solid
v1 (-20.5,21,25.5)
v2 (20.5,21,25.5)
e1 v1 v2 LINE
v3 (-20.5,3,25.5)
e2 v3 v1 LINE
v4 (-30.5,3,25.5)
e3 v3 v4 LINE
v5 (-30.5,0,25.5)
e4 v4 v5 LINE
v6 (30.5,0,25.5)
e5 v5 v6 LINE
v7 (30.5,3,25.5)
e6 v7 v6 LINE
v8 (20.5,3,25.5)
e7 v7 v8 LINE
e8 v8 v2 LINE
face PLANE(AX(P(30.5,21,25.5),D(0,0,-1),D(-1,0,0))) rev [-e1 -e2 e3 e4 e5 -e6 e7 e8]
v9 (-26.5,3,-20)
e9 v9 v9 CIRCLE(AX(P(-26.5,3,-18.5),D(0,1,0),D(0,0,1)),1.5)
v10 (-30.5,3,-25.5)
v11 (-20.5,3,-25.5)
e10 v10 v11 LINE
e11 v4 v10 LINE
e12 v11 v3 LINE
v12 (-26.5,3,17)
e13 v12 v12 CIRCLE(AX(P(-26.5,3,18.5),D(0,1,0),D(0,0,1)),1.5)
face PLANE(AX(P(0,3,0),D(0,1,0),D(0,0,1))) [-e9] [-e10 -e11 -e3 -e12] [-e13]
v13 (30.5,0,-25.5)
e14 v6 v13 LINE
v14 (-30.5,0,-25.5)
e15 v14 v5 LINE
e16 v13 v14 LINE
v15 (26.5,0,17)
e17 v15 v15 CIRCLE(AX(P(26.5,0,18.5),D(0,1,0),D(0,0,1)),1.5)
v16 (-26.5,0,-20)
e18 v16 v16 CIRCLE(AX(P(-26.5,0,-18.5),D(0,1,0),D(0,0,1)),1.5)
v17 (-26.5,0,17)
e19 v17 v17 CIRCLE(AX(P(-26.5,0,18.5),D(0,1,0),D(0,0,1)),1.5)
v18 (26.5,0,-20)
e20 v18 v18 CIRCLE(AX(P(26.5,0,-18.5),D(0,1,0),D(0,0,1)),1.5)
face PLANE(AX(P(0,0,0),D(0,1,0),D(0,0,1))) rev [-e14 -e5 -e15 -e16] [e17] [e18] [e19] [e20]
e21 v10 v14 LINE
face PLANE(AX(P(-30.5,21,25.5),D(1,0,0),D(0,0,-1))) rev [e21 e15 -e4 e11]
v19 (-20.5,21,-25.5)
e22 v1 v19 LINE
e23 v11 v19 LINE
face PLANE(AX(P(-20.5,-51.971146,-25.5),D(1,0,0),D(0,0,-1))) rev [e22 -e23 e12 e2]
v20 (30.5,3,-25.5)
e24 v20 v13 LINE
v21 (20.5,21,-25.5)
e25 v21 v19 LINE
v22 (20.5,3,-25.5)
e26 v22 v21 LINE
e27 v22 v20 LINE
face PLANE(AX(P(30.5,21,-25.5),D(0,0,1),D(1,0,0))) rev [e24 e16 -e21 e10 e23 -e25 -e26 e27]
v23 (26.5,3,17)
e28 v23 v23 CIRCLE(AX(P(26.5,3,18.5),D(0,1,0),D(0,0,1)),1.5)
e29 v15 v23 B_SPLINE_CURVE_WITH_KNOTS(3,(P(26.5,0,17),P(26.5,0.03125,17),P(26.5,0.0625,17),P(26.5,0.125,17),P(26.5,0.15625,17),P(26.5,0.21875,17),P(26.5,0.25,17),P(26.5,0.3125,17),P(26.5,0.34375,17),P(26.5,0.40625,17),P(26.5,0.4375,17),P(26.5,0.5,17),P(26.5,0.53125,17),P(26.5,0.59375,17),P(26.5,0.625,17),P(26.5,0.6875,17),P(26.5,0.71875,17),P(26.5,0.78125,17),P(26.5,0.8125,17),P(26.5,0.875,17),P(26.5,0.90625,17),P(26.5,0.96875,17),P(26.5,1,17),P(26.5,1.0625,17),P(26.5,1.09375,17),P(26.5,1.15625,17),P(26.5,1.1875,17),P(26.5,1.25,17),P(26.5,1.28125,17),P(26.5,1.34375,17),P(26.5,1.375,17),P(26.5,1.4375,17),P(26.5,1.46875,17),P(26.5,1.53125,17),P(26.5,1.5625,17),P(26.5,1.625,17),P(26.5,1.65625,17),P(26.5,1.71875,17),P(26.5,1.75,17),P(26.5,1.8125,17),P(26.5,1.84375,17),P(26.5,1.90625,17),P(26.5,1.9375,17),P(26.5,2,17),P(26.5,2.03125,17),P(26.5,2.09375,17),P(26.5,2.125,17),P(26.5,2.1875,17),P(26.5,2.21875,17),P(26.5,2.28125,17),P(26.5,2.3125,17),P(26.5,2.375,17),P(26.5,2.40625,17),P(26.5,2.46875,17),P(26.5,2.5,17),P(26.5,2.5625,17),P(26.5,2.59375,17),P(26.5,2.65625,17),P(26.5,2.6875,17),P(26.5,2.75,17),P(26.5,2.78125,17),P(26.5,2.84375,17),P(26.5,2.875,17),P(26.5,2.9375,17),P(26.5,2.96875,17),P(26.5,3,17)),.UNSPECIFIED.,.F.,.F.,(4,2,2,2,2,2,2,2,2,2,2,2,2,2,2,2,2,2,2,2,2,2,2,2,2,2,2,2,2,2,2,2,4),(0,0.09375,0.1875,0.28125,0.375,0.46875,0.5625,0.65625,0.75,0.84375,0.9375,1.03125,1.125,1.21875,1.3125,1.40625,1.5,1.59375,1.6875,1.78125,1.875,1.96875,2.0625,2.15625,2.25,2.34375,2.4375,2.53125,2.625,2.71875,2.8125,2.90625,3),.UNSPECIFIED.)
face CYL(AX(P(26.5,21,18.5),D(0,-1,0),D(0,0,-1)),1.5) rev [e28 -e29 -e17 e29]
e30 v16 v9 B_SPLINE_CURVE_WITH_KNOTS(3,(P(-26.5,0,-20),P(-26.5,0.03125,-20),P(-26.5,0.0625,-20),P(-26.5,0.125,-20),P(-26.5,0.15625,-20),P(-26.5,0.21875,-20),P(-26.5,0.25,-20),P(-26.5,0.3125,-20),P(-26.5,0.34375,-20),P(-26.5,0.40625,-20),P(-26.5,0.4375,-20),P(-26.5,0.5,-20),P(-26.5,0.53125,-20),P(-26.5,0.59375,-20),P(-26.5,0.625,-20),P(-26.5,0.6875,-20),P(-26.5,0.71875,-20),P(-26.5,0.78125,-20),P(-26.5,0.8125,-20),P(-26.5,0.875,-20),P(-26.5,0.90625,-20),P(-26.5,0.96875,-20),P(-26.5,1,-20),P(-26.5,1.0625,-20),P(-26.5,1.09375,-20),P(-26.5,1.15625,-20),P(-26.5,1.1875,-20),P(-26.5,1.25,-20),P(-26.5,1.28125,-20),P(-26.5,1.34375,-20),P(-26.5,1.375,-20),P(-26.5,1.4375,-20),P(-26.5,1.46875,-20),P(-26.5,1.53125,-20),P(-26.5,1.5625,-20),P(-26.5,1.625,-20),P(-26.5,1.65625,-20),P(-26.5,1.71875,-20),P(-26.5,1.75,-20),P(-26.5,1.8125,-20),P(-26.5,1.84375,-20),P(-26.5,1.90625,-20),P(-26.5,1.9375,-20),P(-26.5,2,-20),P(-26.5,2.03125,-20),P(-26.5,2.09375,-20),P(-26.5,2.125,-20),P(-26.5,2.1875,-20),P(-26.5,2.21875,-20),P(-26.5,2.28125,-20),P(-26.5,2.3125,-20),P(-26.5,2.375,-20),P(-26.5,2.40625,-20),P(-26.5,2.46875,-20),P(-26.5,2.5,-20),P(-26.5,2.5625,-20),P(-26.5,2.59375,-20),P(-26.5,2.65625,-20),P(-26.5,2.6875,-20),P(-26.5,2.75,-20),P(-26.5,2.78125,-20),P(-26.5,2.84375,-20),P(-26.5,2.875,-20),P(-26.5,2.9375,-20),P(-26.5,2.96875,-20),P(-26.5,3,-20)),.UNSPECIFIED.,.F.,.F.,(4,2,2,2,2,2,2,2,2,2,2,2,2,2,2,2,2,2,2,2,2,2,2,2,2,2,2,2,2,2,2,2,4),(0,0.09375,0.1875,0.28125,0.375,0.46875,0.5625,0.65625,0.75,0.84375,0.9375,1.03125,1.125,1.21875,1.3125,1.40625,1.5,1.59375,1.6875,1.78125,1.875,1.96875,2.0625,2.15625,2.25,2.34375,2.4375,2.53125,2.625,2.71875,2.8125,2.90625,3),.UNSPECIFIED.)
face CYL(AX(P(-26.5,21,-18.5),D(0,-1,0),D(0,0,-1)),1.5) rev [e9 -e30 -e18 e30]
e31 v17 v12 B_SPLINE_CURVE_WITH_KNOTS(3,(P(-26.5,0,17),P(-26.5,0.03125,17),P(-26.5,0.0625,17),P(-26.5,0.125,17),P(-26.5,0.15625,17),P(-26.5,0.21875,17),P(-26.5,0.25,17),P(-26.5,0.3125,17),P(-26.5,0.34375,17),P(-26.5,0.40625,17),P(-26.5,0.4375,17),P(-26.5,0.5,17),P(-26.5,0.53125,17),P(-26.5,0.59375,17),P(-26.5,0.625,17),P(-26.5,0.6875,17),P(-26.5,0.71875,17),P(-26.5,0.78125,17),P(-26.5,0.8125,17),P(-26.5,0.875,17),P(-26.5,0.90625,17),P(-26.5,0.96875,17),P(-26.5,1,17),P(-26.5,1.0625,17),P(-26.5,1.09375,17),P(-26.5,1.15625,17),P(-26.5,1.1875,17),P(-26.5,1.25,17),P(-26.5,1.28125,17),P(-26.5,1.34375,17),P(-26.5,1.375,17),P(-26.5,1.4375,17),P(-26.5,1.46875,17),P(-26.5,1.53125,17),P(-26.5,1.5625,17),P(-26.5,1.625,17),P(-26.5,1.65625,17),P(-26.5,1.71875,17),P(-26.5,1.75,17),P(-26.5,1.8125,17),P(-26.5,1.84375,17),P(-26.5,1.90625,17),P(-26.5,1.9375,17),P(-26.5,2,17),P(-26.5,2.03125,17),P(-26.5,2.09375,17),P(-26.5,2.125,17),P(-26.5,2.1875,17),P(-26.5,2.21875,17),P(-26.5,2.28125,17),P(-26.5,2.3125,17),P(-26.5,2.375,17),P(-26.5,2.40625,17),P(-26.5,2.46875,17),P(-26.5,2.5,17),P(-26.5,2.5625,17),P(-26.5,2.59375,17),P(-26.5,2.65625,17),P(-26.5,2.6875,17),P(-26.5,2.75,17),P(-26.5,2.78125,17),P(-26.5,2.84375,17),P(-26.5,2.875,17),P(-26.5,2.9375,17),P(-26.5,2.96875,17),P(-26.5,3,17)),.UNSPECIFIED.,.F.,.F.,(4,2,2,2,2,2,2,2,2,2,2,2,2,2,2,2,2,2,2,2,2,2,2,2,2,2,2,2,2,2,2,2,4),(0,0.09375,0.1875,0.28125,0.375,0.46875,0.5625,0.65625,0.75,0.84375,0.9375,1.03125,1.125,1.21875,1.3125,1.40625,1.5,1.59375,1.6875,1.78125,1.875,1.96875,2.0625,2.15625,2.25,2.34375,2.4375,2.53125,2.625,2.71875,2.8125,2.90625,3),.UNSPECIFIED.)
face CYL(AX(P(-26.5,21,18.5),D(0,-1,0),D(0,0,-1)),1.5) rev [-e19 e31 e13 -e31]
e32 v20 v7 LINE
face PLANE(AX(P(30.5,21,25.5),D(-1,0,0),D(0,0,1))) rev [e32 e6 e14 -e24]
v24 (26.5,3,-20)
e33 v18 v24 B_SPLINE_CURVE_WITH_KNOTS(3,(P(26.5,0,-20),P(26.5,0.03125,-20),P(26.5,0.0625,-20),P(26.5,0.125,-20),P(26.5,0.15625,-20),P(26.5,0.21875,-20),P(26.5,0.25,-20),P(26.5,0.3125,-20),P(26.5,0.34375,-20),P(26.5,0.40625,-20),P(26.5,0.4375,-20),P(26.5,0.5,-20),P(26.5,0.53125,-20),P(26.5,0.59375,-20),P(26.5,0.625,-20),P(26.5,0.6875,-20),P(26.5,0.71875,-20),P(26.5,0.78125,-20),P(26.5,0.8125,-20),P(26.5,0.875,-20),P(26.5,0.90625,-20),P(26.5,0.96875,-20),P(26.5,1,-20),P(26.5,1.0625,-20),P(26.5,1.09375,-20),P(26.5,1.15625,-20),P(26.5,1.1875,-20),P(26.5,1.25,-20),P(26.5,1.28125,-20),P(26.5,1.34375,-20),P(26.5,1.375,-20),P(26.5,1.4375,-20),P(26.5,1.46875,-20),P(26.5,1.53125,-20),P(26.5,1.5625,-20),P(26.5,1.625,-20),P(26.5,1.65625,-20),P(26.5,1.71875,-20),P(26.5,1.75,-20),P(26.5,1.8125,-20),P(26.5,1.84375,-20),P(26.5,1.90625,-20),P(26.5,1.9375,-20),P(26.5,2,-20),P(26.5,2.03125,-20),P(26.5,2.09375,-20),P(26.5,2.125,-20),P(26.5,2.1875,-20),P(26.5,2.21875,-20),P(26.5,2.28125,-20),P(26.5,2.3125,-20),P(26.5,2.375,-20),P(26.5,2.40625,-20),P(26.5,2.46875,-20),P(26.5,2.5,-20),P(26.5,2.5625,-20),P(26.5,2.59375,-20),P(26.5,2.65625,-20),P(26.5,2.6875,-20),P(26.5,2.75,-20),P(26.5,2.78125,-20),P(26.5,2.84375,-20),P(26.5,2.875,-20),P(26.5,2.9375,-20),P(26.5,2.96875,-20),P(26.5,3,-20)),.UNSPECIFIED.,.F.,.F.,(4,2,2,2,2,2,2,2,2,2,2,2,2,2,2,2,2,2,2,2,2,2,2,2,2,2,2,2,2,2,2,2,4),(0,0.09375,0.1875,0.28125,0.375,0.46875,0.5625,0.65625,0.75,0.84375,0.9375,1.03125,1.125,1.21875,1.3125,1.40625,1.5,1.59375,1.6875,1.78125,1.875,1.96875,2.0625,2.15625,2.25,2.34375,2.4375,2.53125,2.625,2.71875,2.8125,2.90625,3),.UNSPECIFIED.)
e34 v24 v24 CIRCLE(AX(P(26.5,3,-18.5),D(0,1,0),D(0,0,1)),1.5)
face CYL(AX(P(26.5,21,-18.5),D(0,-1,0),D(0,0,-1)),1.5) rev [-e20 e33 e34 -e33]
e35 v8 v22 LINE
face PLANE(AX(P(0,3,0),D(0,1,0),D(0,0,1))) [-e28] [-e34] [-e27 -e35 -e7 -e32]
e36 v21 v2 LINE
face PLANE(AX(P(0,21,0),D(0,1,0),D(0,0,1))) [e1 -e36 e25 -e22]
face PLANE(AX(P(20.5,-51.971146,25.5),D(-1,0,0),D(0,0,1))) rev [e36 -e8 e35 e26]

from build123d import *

# Parameters (mm, degrees)
ESBO_O1_W                = 61
ESBO_O1_H                = 51
ESBO_O1_R                = 1.5
RESSALTO_EXTRUS_O1_DEPTH = 21
ESBO_O2_W                = 10
ESBO_O2_H                = 51
CORTE_EXTRUS_O1_DEPTH    = 18


with BuildPart() as part:
    # Esboço1 → Ressalto-extrusão1 (new body)
    with BuildSketch(Plane(origin=(0, 0, 0), x_dir=(1, 0, 0), z_dir=(0, 1, 0))):
        Rectangle(ESBO_O1_W, ESBO_O1_H)
        with Locations(Location((-26.5, 18.5, 0), (0, 0, 90))):
            Circle(ESBO_O1_R, mode=Mode.SUBTRACT)
        with Locations(Location((-26.5, -18.5, 0), (0, 0, 90))):
            Circle(ESBO_O1_R, mode=Mode.SUBTRACT)
        with Locations(Location((26.5, -18.5, 0), (0, 0, 90))):
            Circle(ESBO_O1_R, mode=Mode.SUBTRACT)
        with Locations(Location((26.5, 18.5, 0), (0, 0, 90))):
            Circle(ESBO_O1_R, mode=Mode.SUBTRACT)
    extrude(amount=RESSALTO_EXTRUS_O1_DEPTH)

    # Esboço2 → Corte-extrusão1 (cut)
    with BuildSketch(Plane(origin=(0, 21, 0), x_dir=(1, 0, 0), z_dir=(0, 1, 0))):
        with Locations((-25.5, 0)):
            Rectangle(ESBO_O2_W, ESBO_O2_H)
        with Locations((25.5, 0)):
            Rectangle(ESBO_O2_W, ESBO_O2_H)
    extrude(amount=-CORTE_EXTRUS_O1_DEPTH, mode=Mode.SUBTRACT)


solid = part.part
